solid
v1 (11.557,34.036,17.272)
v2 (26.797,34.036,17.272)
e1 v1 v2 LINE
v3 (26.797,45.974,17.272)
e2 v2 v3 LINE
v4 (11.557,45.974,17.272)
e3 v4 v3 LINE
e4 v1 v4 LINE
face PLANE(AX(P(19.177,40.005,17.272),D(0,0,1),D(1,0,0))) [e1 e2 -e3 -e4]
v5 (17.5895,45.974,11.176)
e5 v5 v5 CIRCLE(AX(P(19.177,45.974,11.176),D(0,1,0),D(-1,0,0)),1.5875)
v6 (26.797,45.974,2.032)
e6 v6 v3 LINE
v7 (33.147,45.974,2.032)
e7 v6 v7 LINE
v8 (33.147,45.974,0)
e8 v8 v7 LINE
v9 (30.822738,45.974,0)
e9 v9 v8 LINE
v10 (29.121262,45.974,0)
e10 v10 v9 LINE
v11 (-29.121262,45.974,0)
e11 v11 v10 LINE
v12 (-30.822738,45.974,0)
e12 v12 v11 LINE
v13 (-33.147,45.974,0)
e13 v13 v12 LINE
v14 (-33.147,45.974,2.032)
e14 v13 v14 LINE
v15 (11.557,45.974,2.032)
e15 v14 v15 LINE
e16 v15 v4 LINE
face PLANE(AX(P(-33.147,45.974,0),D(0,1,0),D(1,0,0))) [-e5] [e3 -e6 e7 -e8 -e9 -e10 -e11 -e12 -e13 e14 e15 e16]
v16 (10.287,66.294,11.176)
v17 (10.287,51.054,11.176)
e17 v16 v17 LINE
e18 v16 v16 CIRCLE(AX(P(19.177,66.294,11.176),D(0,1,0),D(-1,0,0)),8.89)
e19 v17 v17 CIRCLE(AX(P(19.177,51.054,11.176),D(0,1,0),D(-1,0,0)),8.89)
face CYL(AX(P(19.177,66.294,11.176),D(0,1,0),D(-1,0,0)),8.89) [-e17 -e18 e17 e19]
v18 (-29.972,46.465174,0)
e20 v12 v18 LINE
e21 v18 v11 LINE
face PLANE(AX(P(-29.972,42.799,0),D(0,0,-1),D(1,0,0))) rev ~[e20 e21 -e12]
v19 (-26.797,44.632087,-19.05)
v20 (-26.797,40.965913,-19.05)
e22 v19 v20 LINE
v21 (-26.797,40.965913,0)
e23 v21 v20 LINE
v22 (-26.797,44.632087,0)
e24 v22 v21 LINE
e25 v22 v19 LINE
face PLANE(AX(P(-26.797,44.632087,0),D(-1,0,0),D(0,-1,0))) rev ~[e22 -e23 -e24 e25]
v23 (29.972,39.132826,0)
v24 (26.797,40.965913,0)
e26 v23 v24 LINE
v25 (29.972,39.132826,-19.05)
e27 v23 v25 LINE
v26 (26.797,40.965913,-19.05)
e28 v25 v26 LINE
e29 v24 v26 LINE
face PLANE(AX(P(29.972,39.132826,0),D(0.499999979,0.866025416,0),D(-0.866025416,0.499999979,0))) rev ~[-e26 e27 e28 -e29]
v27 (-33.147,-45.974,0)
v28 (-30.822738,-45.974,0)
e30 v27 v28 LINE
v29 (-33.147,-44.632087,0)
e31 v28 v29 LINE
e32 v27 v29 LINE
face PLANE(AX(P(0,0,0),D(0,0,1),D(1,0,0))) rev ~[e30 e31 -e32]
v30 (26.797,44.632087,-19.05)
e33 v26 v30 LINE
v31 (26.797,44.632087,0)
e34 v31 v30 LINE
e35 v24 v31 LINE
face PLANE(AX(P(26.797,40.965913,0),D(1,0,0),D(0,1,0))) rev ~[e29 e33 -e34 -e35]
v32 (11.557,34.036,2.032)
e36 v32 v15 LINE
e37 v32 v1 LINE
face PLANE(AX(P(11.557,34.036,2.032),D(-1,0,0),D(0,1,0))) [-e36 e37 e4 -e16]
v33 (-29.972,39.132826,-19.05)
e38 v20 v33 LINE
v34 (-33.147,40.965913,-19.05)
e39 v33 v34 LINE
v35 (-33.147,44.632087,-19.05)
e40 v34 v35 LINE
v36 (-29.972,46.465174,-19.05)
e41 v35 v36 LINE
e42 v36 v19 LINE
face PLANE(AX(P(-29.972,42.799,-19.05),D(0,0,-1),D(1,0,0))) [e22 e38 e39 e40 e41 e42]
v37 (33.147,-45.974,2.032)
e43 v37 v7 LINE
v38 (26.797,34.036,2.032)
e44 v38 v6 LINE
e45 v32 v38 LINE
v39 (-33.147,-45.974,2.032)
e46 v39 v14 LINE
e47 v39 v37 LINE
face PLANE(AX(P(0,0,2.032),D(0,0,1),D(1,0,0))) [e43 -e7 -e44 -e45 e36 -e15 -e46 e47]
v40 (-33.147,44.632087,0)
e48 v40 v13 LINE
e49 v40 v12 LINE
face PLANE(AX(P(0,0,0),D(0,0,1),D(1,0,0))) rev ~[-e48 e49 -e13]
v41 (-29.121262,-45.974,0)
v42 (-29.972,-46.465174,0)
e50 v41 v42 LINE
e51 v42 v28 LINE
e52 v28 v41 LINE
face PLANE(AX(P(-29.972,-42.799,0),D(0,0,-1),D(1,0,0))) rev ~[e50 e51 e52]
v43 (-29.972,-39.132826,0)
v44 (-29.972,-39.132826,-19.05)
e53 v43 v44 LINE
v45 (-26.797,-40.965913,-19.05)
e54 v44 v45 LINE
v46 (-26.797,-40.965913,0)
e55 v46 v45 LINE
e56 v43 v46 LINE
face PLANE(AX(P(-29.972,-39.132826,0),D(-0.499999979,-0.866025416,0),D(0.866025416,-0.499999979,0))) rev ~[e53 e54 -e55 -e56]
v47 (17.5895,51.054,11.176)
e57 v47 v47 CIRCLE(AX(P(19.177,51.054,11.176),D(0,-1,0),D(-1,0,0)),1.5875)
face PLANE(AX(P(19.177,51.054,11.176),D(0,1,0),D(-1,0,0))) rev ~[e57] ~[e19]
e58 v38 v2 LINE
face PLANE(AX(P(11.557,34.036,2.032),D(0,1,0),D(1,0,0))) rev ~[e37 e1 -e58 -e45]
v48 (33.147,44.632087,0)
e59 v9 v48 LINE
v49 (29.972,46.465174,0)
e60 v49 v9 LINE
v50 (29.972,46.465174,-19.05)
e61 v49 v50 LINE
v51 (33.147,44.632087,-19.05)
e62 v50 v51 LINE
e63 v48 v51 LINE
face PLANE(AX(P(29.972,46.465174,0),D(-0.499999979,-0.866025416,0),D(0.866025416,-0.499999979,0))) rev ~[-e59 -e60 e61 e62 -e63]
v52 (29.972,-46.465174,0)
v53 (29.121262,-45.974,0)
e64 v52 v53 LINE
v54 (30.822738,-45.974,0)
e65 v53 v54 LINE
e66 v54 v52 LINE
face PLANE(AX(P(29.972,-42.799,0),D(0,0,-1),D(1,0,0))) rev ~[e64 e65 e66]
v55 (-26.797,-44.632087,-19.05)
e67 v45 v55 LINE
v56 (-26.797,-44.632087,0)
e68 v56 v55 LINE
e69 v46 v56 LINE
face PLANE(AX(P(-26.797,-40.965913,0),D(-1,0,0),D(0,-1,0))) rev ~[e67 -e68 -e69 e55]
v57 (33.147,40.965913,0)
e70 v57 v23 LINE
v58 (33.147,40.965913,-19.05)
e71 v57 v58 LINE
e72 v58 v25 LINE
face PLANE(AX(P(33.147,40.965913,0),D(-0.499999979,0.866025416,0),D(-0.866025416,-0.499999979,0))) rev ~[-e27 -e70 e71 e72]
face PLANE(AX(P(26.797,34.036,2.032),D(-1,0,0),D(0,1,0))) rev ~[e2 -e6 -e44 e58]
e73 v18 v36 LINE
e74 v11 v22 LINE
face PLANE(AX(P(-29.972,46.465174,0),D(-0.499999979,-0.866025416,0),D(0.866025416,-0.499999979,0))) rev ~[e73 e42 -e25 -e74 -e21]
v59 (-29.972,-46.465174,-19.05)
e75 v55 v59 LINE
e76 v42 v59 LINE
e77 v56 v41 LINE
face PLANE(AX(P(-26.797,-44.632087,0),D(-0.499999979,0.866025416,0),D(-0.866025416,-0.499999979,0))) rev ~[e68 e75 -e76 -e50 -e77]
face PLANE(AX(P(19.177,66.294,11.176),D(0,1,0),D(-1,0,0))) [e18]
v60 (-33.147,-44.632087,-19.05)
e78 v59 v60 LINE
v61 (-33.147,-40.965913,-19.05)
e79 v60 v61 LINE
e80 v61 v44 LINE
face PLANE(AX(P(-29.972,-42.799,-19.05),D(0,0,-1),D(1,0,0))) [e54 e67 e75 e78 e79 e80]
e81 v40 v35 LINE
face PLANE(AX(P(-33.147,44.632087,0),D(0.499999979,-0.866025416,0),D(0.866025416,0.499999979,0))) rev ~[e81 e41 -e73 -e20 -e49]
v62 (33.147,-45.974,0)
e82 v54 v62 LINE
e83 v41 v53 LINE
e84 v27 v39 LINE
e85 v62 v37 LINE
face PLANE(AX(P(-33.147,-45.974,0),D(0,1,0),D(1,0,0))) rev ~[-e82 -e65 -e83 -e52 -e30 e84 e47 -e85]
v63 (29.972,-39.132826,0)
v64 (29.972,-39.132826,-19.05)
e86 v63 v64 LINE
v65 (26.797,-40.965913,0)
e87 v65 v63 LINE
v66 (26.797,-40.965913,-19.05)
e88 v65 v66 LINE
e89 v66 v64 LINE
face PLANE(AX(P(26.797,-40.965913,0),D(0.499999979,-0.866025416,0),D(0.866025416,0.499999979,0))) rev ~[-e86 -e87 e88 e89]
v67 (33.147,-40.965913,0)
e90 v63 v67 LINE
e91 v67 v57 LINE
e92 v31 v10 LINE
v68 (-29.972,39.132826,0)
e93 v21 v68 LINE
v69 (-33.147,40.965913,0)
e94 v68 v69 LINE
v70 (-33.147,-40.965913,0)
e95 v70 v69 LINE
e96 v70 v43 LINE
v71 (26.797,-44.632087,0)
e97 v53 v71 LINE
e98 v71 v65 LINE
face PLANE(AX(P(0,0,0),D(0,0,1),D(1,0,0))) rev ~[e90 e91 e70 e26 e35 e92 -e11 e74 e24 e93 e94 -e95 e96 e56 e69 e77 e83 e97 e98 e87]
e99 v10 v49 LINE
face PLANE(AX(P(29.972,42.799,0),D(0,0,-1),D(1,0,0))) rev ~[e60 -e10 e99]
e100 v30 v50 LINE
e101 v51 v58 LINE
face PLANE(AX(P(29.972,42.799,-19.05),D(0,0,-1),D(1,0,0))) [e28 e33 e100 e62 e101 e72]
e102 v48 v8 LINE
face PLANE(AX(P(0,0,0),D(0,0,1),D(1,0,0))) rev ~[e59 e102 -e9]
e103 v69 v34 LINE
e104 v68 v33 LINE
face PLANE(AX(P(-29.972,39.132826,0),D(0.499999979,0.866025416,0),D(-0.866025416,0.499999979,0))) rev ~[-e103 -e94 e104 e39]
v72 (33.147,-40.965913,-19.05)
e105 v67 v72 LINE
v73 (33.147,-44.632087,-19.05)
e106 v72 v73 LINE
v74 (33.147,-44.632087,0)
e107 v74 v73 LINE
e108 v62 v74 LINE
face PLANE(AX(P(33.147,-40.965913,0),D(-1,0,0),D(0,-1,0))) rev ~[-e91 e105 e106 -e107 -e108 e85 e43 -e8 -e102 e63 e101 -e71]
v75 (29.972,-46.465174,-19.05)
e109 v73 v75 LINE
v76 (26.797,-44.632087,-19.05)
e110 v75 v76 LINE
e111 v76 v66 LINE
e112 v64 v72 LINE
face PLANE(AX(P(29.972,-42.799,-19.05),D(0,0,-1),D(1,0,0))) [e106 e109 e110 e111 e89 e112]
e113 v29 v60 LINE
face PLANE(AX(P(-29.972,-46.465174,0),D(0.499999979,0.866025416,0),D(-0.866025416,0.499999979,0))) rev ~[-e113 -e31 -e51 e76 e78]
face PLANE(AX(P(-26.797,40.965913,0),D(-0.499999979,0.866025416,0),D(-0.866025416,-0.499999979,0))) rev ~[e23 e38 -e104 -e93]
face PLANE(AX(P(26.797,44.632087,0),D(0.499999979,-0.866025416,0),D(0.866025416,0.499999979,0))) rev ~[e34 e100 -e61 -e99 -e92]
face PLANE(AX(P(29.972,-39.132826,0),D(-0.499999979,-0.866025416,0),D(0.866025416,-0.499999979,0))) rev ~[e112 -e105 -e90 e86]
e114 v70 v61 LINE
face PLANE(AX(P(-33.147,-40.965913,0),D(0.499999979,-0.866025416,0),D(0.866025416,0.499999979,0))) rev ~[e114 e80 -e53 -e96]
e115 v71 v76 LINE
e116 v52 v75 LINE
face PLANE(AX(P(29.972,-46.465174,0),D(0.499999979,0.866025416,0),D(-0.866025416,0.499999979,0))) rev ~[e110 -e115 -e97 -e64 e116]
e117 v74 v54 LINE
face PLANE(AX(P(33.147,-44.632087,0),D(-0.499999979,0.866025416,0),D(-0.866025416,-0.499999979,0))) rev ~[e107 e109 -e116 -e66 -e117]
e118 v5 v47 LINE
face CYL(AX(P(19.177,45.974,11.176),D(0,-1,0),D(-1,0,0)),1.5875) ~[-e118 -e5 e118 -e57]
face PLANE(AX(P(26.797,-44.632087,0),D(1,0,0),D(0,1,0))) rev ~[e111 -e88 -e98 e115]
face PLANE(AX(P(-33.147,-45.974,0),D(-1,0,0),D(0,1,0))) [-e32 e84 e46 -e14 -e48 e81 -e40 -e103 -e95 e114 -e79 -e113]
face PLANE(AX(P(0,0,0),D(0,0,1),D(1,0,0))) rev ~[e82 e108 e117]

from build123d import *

# Parameters (mm, degrees)
F0_W     = 66.294
F0_H     = 91.948
F1_DEPTH = 2.032
F2_W     = 15.24
F2_H     = 11.938
F3_DEPTH = 15.24
F4_R     = 1.5875
F5_DEPTH = 20.32
F6_R     = 8.89
F7_DEPTH = 15.24
F9_DEPTH = 19.05


with BuildPart() as f1:
    # F0 (on Top) → F1 (new body)
    with BuildSketch(Plane.XY):
        Rectangle(F0_W, F0_H)
    extrude(amount=F1_DEPTH)

    # F2 (on face) → F3 (join)
    with BuildSketch(Plane.XY.offset(2.032)):
        with Locations((19.177, 40.005)):
            Rectangle(F2_W, F2_H)
    extrude(amount=F3_DEPTH)

    # F4 (on face) → F5 (join)
    with BuildSketch(Plane(origin=(0, 45.974, 0), x_dir=(-1, 0, 0), z_dir=(0, 1, 0))):
        with Locations((-19.177, 11.176)):
            Circle(F4_R)
    extrude(amount=F5_DEPTH)

    # F6 (on face) → F7 (join)
    with BuildSketch(Plane(origin=(0, 66.294, 0), x_dir=(-1, 0, 0), z_dir=(0, 1, 0))):
        with Locations((-19.177, 11.176)):
            Circle(F6_R)
    extrude(amount=-F7_DEPTH)

    # F8 (on face) → F9 (join)
    with BuildSketch(Plane(origin=(0, 0, 0), x_dir=(1, 0, 0), z_dir=(0, 0, -1))):
        Polygon((33.147, 40.965913), (33.147, 44.632087), (29.972, 46.465174), (26.797, 44.632087), (26.797, 40.965913), (29.972, 39.132826), align=None)
        Polygon((-29.972, 46.465174), (-33.147, 44.632087), (-33.147, 40.965913), (-29.972, 39.132826), (-26.797, 40.965913), (-26.797, 44.632087), align=None)
        Polygon((26.797, -44.632087), (29.972, -46.465174), (33.147, -44.632087), (33.147, -40.965913), (29.972, -39.132826), (26.797, -40.965913), align=None)
        Polygon((-33.147, -40.965913), (-33.147, -44.632087), (-29.972, -46.465174), (-26.797, -44.632087), (-26.797, -40.965913), (-29.972, -39.132826), align=None)
    extrude(amount=F9_DEPTH)


solid = f1.part
